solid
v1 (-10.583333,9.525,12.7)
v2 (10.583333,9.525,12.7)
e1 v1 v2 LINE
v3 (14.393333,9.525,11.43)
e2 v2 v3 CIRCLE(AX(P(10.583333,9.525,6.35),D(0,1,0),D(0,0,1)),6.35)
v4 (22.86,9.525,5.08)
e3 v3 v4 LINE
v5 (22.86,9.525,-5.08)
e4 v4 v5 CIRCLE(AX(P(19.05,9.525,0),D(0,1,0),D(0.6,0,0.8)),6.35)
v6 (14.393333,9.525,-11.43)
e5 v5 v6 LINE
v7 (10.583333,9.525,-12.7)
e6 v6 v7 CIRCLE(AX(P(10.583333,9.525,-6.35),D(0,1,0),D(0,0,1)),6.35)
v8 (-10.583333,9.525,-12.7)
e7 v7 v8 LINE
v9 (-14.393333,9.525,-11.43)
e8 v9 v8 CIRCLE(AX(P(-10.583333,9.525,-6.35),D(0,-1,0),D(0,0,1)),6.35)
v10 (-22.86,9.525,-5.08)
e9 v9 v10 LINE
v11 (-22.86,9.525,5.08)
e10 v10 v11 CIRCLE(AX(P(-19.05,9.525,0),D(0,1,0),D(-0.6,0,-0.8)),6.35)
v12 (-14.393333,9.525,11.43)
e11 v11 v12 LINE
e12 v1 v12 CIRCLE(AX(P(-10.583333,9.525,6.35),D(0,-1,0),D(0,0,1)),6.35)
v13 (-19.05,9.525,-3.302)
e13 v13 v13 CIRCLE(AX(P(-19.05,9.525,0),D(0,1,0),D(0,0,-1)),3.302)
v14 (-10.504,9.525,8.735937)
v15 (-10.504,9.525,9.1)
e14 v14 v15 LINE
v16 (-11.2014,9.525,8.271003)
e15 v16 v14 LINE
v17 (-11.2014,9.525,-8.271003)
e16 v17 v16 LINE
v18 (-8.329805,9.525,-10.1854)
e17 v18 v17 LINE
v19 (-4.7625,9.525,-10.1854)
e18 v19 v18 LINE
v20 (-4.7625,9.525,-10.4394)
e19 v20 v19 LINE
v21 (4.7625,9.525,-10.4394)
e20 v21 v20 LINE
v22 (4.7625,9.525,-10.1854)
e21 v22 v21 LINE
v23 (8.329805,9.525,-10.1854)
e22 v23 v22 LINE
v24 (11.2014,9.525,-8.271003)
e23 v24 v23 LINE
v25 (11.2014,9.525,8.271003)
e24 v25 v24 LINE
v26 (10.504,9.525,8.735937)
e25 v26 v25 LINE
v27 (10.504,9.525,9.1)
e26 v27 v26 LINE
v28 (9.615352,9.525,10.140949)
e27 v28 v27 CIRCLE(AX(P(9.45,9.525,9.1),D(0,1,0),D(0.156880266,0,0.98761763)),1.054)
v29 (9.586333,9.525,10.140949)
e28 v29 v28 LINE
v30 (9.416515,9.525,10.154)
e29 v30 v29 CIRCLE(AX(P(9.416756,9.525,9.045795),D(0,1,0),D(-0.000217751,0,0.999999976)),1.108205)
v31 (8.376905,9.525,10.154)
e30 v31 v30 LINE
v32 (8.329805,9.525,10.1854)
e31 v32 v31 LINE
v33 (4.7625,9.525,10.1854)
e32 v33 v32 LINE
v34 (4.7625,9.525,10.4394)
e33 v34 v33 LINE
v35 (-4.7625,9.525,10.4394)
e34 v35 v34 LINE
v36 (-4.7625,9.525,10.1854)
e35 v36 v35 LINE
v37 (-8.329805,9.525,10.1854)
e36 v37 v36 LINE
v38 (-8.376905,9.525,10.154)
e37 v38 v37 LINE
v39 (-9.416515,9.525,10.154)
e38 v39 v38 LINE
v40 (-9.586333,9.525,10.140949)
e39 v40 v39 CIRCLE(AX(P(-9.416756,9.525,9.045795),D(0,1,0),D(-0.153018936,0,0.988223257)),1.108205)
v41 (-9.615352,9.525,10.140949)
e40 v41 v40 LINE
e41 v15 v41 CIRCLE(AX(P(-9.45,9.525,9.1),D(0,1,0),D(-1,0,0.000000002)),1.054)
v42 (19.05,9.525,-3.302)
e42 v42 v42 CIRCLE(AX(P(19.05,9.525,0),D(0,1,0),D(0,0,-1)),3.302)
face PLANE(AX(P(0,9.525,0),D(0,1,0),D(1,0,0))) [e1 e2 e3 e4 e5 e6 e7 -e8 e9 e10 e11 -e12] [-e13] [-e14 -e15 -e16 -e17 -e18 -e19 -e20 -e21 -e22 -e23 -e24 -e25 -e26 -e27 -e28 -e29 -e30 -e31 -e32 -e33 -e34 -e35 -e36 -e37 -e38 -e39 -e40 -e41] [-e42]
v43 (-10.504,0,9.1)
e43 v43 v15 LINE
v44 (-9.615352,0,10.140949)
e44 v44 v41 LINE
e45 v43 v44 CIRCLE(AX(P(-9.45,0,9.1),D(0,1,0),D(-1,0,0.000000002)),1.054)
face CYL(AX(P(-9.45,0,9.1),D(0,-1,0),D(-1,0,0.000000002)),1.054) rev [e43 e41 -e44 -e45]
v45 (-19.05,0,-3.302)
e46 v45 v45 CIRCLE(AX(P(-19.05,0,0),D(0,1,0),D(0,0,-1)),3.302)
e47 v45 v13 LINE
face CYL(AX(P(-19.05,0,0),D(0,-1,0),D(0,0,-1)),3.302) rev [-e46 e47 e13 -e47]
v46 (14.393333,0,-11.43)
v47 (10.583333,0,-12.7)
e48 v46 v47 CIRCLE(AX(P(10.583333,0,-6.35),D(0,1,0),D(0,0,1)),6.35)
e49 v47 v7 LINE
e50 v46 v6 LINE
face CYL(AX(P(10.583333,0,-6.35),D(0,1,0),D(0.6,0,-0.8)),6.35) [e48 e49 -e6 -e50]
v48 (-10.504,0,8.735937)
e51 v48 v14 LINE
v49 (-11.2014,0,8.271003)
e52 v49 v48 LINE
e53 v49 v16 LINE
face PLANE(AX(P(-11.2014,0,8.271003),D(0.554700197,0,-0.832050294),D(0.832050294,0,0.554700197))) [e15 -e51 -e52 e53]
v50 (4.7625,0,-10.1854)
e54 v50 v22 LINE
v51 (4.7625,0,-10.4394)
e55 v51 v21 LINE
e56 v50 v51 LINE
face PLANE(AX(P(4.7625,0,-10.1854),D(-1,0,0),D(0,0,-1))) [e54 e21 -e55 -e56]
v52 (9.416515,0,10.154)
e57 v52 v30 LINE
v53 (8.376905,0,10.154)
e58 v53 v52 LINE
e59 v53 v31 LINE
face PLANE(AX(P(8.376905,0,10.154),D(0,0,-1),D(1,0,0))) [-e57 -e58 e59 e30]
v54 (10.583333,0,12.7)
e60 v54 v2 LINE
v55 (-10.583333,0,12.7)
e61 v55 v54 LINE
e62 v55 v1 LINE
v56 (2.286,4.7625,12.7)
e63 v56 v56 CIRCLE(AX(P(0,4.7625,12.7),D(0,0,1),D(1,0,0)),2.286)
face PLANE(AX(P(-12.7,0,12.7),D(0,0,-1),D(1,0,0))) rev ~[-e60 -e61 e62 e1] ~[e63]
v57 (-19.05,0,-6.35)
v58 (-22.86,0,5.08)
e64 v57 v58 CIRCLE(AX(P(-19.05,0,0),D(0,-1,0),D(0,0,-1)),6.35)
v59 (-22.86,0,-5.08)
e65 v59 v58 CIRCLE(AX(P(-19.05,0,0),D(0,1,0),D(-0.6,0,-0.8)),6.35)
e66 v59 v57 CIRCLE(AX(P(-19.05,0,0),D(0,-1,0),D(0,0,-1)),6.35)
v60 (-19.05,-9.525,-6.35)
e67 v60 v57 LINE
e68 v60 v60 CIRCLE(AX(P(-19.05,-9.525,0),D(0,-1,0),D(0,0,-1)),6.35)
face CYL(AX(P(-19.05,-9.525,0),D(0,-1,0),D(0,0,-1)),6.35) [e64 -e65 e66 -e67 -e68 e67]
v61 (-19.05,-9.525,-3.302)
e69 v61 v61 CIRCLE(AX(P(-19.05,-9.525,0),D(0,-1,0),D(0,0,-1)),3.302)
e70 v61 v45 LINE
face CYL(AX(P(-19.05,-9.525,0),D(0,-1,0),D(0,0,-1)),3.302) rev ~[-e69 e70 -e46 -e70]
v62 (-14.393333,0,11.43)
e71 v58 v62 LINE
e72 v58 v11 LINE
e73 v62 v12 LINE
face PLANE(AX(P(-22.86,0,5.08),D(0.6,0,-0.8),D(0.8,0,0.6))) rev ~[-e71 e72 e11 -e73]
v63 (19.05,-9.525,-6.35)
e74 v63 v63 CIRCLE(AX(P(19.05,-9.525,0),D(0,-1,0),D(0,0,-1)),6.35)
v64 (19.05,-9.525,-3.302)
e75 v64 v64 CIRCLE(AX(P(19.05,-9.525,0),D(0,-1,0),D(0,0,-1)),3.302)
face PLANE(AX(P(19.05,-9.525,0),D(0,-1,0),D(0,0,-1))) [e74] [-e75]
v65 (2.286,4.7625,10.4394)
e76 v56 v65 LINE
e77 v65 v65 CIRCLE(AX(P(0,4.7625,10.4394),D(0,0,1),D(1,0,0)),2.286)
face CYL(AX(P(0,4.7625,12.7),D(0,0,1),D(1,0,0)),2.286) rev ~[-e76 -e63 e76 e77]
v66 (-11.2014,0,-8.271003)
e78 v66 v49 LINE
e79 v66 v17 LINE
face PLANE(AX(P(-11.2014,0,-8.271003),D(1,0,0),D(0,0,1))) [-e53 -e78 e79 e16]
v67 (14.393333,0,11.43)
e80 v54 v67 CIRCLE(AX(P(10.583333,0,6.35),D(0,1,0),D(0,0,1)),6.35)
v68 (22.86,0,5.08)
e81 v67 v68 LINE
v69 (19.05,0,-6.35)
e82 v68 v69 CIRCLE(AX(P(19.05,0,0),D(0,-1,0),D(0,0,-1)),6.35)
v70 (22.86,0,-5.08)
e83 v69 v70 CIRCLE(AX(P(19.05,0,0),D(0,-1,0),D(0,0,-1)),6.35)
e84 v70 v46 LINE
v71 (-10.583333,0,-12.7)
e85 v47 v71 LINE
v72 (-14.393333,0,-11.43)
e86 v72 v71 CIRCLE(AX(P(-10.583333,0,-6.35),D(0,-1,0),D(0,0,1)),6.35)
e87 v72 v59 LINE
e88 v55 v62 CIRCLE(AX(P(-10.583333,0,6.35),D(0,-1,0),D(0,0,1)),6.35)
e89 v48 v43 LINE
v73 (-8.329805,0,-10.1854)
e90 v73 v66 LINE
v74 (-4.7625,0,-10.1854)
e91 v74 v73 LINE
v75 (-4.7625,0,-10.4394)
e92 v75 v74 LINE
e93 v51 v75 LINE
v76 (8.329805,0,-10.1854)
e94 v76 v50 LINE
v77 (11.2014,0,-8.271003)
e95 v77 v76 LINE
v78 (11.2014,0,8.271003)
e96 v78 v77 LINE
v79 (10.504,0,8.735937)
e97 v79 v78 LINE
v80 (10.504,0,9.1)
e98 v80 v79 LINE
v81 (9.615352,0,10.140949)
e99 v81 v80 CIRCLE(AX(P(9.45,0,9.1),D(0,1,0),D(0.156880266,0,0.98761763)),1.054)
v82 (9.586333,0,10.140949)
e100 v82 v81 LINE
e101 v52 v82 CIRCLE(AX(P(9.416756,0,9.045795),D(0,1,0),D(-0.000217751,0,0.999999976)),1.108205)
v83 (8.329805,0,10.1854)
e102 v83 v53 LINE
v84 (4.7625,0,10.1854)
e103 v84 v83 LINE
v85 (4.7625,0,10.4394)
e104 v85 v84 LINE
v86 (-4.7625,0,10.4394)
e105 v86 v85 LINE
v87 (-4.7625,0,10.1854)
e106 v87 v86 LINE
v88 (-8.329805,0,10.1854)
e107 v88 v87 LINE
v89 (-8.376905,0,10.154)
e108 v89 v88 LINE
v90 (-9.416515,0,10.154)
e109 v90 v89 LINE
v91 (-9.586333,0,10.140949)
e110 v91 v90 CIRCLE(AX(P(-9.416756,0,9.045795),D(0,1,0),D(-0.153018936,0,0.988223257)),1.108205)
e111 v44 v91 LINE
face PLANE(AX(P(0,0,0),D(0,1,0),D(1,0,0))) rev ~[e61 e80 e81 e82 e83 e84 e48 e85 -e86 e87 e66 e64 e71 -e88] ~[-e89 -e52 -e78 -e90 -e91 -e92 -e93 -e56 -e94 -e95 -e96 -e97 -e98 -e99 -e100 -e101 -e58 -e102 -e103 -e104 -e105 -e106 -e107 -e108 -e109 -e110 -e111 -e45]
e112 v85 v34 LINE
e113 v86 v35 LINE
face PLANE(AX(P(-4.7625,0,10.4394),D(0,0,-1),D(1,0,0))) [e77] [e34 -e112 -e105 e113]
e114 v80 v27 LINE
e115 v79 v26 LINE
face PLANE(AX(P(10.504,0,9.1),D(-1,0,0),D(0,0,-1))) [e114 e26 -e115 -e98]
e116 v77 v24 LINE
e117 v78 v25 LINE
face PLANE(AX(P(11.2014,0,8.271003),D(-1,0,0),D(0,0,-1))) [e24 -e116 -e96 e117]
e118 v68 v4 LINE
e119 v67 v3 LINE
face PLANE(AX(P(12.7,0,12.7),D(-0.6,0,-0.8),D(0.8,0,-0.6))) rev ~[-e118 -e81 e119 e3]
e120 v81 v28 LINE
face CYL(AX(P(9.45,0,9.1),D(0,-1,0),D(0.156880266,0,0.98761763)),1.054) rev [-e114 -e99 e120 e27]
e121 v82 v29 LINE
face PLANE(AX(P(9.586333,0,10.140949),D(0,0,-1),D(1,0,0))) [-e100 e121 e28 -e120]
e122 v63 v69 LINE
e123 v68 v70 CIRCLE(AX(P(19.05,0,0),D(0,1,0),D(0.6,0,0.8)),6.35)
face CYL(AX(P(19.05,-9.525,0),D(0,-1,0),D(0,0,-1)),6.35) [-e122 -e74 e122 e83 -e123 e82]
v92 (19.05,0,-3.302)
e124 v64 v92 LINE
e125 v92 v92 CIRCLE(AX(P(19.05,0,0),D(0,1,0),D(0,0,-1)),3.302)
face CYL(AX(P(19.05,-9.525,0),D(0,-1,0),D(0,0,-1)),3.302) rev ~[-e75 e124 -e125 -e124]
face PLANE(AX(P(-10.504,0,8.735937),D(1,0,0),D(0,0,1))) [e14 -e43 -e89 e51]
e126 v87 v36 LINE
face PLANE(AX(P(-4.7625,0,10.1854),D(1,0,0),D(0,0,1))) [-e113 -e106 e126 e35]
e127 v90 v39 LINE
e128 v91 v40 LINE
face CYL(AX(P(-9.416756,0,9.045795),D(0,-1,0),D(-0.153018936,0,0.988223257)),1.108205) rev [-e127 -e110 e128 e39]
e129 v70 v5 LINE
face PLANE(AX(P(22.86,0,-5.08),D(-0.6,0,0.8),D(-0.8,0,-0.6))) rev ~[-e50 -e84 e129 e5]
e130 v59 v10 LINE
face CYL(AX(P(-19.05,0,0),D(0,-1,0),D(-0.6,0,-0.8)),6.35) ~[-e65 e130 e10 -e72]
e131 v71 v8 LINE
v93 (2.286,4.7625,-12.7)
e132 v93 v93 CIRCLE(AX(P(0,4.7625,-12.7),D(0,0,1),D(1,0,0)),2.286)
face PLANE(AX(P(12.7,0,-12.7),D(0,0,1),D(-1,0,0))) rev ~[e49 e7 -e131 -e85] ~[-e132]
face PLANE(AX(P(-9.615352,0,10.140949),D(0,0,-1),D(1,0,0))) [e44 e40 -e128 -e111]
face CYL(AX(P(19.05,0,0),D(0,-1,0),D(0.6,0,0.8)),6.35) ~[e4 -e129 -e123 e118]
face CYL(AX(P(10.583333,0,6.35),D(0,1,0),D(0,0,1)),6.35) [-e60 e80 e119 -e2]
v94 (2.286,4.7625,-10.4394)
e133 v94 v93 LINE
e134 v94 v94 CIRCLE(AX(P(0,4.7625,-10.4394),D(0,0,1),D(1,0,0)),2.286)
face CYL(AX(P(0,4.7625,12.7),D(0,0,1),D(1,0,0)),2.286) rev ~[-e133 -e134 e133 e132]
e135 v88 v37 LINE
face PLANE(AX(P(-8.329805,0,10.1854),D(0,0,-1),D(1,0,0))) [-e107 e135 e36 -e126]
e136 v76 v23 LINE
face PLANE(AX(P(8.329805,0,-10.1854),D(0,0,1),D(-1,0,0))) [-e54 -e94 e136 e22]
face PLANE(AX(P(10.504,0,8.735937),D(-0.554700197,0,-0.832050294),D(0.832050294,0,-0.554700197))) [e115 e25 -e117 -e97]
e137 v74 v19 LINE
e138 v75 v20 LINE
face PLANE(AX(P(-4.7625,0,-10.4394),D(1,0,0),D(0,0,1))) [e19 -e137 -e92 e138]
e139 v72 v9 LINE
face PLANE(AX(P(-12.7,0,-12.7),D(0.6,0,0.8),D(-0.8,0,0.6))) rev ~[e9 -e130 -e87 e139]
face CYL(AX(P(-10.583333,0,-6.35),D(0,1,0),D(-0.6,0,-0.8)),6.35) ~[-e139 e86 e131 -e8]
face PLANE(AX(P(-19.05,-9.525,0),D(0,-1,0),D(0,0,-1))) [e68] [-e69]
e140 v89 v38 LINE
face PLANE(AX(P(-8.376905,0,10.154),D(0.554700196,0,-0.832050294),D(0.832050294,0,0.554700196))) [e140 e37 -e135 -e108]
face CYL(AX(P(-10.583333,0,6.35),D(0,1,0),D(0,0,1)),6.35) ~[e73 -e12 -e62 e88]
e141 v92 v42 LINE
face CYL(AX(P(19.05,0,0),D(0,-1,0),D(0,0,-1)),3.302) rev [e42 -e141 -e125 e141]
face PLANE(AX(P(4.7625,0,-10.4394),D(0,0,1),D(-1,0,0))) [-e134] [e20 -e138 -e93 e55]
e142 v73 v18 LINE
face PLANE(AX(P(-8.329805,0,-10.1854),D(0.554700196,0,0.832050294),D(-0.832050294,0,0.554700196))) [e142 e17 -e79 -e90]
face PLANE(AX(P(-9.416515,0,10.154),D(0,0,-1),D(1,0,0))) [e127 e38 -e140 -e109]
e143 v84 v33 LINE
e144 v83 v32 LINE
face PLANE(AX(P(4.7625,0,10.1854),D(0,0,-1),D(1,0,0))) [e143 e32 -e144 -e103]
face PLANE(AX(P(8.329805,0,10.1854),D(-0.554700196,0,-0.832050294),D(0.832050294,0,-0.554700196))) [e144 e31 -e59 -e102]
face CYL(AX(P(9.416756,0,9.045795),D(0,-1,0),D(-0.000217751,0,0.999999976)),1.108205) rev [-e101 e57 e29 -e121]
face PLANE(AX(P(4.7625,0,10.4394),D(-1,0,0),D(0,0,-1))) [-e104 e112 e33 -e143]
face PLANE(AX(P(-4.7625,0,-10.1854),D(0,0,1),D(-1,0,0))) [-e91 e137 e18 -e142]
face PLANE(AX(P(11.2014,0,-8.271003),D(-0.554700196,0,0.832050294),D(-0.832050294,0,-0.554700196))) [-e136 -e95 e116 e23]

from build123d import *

# Parameters (mm, degrees)
SKETCH1_R           = 3.302
BOSS_EXTRUDE1_DEPTH = 9.525
FILLET1_R           = 6.35
SKETCH2_R           = 2.286
CUT_EXTRUDE1_DEPTH  = 38.162422217
BOSS_EXTRUDE2_START = 9.525
SKETCH3_R           = 6.35
SKETCH3_R_2         = 3.302
BOSS_EXTRUDE2_DEPTH = 9.525


with BuildPart() as part:
    # Sketch1 → Boss-Extrude1 (new body)
    with BuildSketch(Plane(origin=(0, 0, 0), x_dir=(1, 0, 0), z_dir=(0, 1, 0))):
        with BuildLine():
            Line((-12.7, -12.7), (12.7, -12.7))
            Line((12.7, -12.7), (22.86, -5.08))
            ThreePointArc((22.86, -5.08), (25.4, 0), (22.86, 5.08))
            Line((22.86, 5.08), (12.7, 12.7))
            Line((12.7, 12.7), (-12.7, 12.7))
            Line((-12.7, 12.7), (-22.86, 5.08))
            ThreePointArc((-22.86, 5.08), (-25.4, 0), (-22.86, -5.08))
            Line((-22.86, -5.08), (-12.7, -12.7))
        make_face()
        with Locations(Location((-19.05, 0, 0), (0, 0, 90))):
            Circle(SKETCH1_R, mode=Mode.SUBTRACT)
        with Locations(Location((19.05, 0, 0), (0, 0, 90))):
            Circle(SKETCH1_R, mode=Mode.SUBTRACT)
        with BuildLine():
            Line((4.7625, -10.1854), (8.329805012, -10.1854))
            Line((8.329805012, -10.1854), (8.376905012, -10.154))
            Line((8.376905012, -10.154), (9.416515139, -10.154))
            ThreePointArc((9.416515139, -10.154), (9.501675056, -10.1507417), (9.586332782, -10.140948982))
            Line((9.586332782, -10.140948982), (9.615351798, -10.140948982))
            ThreePointArc((9.615351798, -10.140948982), (10.251622353, -9.784337345), (10.504, -9.1))
            Line((10.504, -9.1), (10.504, -8.735936675))
            Line((10.504, -8.735936675), (11.2014, -8.271003341))
            Line((11.2014, -8.271003341), (11.2014, 8.271003341))
            Line((11.2014, 8.271003341), (8.329805012, 10.1854))
            Line((8.329805012, 10.1854), (4.7625, 10.1854))
            Line((4.7625, 10.1854), (4.7625, 10.4394))
            Line((4.7625, 10.4394), (-4.7625, 10.4394))
            Line((-4.7625, 10.4394), (-4.7625, 10.1854))
            Line((-4.7625, 10.1854), (-8.329805012, 10.1854))
            Line((-8.329805012, 10.1854), (-11.2014, 8.271003341))
            Line((-11.2014, 8.271003341), (-11.2014, -8.271003341))
            Line((-11.2014, -8.271003341), (-10.504, -8.735936675))
            Line((-10.504, -8.735936675), (-10.504, -9.1))
            ThreePointArc((-10.504, -9.1), (-10.251622353, -9.784337345), (-9.615351798, -10.140948982))
            Line((-9.615351798, -10.140948982), (-9.586332782, -10.140948982))
            ThreePointArc((-9.586332782, -10.140948982), (-9.501675056, -10.1507417), (-9.416515139, -10.154))
            Line((-9.416515139, -10.154), (-8.376905012, -10.154))
            Line((-8.376905012, -10.154), (-8.329805012, -10.1854))
            Line((-8.329805012, -10.1854), (-4.7625, -10.1854))
            Line((-4.7625, -10.1854), (-4.7625, -10.4394))
            Line((-4.7625, -10.4394), (4.7625, -10.4394))
            Line((4.7625, -10.4394), (4.7625, -10.1854))
        make_face(mode=Mode.SUBTRACT)
    extrude(amount=BOSS_EXTRUDE1_DEPTH)

    # Fillet1
    fillet1_edges = [part.edges().sort_by_distance(p)[0] for p in [
        (12.7, 4.7625, -12.7),
        (12.7, 4.7625, 12.7),
        (-12.7, 4.7625, 12.7),
        (-12.7, 4.7625, -12.7),
    ]]
    fillet(fillet1_edges, radius=FILLET1_R)

    # Sketch2 → Cut-Extrude1 (cut, through all)
    with BuildSketch(Plane.XY.offset(12.7)):
        with Locations((0, 4.7625)):
            Circle(SKETCH2_R)
    extrude(amount=-CUT_EXTRUDE1_DEPTH, mode=Mode.SUBTRACT)

    # Sketch3 → Boss-Extrude2 (add)
    # profile 1 of 2: a face of its own
    with BuildSketch(Plane(origin=(0, 0, 0), x_dir=(-1, 0, 0), z_dir=(0, -1, 0)).offset(BOSS_EXTRUDE2_START)):
        with Locations(Location((19.05, 0, 0), (0, 0, 90))):
            Circle(SKETCH3_R)
        with Locations(Location((19.05, 0, 0), (0, 0, 90))):
            Circle(SKETCH3_R_2, mode=Mode.SUBTRACT)
    # profile 2 of 2: a face of its own
    with BuildSketch(Plane(origin=(0, 0, 0), x_dir=(-1, 0, 0), z_dir=(0, -1, 0)).offset(BOSS_EXTRUDE2_START)):
        with Locations(Location((-19.05, 0, 0), (0, 0, 90))):
            Circle(SKETCH3_R)
        with Locations(Location((-19.05, 0, 0), (0, 0, 90))):
            Circle(SKETCH3_R_2, mode=Mode.SUBTRACT)
    extrude(amount=-BOSS_EXTRUDE2_DEPTH)


solid = part.part
